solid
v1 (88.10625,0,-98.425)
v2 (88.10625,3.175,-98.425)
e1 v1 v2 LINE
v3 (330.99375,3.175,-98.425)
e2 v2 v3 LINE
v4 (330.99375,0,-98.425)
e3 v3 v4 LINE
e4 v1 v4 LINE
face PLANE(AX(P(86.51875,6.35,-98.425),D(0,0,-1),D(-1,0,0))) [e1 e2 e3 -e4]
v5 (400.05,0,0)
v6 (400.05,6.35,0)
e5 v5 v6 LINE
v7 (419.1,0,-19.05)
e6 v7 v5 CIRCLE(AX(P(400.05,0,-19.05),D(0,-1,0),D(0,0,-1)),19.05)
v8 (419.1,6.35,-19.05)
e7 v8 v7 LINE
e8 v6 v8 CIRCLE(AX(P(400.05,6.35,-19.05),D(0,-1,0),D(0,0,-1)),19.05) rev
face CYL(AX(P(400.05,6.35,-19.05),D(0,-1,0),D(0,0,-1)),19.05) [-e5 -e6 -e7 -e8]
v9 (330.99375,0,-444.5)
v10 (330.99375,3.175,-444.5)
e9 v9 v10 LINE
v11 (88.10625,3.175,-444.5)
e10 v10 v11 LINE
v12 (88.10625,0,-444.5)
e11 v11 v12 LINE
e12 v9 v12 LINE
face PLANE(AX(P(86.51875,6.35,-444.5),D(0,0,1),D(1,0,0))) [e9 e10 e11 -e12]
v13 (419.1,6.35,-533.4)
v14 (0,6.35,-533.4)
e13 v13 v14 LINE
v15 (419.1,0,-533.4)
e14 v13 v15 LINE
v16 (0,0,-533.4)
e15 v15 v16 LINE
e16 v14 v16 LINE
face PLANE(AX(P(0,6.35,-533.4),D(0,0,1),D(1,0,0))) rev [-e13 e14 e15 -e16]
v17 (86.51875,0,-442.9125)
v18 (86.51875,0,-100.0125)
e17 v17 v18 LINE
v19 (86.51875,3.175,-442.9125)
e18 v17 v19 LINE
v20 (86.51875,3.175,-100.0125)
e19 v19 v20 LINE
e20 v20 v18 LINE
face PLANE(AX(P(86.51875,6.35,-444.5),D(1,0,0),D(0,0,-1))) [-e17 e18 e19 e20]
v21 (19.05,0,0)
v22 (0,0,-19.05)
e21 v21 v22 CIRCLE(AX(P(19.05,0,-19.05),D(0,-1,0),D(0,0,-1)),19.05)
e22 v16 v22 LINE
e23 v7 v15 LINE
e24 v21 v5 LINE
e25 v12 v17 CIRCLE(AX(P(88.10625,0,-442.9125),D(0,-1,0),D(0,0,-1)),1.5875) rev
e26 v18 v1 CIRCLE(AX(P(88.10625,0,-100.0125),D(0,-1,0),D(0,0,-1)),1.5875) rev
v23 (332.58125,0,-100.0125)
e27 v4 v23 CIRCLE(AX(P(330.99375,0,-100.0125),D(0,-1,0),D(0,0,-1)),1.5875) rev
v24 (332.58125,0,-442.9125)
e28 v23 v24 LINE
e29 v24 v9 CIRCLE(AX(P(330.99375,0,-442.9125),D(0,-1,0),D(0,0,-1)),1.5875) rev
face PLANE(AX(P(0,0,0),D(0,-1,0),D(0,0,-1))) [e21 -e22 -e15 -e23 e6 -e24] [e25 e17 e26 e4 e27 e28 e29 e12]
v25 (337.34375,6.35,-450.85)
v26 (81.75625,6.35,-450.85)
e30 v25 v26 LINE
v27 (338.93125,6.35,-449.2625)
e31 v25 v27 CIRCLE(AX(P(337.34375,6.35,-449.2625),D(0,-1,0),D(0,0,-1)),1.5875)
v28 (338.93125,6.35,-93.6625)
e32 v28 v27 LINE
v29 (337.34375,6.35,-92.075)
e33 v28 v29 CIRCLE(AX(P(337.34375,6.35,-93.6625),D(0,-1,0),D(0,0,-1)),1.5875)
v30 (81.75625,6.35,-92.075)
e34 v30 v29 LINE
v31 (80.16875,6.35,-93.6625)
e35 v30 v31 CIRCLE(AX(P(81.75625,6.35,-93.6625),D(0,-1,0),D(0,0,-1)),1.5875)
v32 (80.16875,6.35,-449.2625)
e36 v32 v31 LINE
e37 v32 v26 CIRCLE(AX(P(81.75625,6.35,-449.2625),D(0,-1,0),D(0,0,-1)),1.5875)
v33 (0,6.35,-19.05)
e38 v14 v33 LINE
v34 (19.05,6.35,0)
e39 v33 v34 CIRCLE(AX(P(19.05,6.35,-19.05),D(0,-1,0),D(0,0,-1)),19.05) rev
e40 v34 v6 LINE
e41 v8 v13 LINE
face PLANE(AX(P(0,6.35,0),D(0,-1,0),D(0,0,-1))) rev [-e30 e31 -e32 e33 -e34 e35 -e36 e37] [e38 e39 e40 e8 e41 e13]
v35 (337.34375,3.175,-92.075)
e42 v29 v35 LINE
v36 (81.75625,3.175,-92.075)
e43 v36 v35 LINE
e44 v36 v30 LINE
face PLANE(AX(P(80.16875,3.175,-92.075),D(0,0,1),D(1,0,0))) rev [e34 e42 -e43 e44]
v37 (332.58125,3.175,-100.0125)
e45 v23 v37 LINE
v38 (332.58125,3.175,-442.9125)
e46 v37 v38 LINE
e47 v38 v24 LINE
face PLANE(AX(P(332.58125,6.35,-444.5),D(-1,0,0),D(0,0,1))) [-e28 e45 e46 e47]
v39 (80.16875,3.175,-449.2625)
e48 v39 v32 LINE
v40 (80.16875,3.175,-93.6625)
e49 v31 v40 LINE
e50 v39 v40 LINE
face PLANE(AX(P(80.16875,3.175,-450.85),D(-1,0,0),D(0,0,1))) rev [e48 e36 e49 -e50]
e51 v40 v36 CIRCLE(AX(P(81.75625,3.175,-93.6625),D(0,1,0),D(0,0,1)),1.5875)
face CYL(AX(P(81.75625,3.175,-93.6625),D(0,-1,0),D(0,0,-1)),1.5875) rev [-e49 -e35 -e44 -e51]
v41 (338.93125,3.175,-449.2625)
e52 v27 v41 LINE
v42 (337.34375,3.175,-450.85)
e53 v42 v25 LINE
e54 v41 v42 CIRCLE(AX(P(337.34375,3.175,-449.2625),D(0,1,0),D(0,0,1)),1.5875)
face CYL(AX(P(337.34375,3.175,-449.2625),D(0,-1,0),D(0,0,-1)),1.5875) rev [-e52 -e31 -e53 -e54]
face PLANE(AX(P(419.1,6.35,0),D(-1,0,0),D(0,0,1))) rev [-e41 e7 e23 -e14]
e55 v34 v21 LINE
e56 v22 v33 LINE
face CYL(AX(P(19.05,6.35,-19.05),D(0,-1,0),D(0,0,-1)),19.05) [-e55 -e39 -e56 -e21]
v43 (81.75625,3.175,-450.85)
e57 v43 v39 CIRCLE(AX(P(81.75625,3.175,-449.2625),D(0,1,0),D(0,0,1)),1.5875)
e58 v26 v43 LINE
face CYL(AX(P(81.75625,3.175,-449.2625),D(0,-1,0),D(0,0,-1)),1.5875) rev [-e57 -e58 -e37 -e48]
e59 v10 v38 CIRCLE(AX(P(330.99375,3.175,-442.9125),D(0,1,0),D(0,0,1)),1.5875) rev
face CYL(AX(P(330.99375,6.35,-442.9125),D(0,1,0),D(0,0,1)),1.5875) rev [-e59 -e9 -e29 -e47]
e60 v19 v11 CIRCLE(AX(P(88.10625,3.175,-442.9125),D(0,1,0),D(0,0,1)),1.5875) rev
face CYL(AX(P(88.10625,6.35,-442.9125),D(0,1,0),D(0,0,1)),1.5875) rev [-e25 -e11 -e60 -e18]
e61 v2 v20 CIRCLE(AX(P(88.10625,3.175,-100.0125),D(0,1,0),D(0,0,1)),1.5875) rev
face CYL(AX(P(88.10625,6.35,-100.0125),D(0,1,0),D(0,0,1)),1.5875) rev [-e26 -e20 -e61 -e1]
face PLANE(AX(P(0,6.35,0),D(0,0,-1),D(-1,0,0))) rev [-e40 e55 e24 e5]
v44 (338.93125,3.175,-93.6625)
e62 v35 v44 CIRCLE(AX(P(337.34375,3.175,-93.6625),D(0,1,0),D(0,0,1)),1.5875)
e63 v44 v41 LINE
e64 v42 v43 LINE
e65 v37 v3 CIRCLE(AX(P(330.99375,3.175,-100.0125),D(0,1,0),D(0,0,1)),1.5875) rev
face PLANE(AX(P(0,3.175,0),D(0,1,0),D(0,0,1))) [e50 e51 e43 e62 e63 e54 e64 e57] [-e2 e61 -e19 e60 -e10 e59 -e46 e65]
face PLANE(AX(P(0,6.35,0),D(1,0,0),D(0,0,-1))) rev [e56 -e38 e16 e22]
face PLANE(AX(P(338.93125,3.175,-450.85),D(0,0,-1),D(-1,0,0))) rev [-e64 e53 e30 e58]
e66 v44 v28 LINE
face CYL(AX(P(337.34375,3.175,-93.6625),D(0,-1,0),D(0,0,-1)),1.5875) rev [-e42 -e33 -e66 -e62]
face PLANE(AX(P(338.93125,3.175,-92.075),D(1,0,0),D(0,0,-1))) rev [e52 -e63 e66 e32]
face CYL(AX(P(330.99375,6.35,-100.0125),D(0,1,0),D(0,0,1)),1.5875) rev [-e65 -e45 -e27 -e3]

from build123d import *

# Parameters (mm, degrees)
SKETCH1_W             = 419.1
SKETCH1_H             = 533.4
SKETCH1_W_2           = 246.0625
SKETCH1_H_2           = 346.075
OVERALL_SHAPE_DEPTH   = 6.35
SKETCH5_W             = 258.7625
SKETCH5_H             = 358.775
GLASS_INSET_CUT_DEPTH = 3.175
GLASS_INSET_FILLETS_R = 1.5875
FILLET1_R             = 19.05


with BuildPart() as part:
    # Sketch1 → Overall shape (new body)
    with BuildSketch(Plane(origin=(0, 0, 0), x_dir=(1, 0, 0), z_dir=(0, 1, 0))):
        with Locations((209.55, 266.7)):
            Rectangle(SKETCH1_W, SKETCH1_H)
        with Locations((209.55, 271.4625)):
            Rectangle(SKETCH1_W_2, SKETCH1_H_2, mode=Mode.SUBTRACT)
    extrude(amount=OVERALL_SHAPE_DEPTH)

    # Sketch5 → Glass inset cut (cut)
    with BuildSketch(Plane(origin=(0, 6.35, 0), x_dir=(1, 0, 0), z_dir=(0, 1, 0))):
        with Locations((209.55, 271.4625)):
            Rectangle(SKETCH5_W, SKETCH5_H)
    extrude(amount=-GLASS_INSET_CUT_DEPTH, mode=Mode.SUBTRACT)

    # Glass inset fillets
    glass_inset_fillets_edges = [part.edges().sort_by_distance(p)[0] for p in [
        (332.58125, 1.5875, -444.5),
        (86.51875, 1.5875, -444.5),
        (332.58125, 1.5875, -98.425),
        (86.51875, 1.5875, -98.425),
        (80.16875, 4.7625, -92.075),
        (80.16875, 4.7625, -450.85),
        (338.93125, 4.7625, -450.85),
        (338.93125, 4.7625, -92.075),
    ]]
    fillet(glass_inset_fillets_edges, radius=GLASS_INSET_FILLETS_R)

    # Fillet1
    fillet1_edges = [part.edges().sort_by_distance(p)[0] for p in [
        (419.1, 3.175, 0),
        (0, 3.175, 0),
    ]]
    fillet(fillet1_edges, radius=FILLET1_R)


solid = part.part
